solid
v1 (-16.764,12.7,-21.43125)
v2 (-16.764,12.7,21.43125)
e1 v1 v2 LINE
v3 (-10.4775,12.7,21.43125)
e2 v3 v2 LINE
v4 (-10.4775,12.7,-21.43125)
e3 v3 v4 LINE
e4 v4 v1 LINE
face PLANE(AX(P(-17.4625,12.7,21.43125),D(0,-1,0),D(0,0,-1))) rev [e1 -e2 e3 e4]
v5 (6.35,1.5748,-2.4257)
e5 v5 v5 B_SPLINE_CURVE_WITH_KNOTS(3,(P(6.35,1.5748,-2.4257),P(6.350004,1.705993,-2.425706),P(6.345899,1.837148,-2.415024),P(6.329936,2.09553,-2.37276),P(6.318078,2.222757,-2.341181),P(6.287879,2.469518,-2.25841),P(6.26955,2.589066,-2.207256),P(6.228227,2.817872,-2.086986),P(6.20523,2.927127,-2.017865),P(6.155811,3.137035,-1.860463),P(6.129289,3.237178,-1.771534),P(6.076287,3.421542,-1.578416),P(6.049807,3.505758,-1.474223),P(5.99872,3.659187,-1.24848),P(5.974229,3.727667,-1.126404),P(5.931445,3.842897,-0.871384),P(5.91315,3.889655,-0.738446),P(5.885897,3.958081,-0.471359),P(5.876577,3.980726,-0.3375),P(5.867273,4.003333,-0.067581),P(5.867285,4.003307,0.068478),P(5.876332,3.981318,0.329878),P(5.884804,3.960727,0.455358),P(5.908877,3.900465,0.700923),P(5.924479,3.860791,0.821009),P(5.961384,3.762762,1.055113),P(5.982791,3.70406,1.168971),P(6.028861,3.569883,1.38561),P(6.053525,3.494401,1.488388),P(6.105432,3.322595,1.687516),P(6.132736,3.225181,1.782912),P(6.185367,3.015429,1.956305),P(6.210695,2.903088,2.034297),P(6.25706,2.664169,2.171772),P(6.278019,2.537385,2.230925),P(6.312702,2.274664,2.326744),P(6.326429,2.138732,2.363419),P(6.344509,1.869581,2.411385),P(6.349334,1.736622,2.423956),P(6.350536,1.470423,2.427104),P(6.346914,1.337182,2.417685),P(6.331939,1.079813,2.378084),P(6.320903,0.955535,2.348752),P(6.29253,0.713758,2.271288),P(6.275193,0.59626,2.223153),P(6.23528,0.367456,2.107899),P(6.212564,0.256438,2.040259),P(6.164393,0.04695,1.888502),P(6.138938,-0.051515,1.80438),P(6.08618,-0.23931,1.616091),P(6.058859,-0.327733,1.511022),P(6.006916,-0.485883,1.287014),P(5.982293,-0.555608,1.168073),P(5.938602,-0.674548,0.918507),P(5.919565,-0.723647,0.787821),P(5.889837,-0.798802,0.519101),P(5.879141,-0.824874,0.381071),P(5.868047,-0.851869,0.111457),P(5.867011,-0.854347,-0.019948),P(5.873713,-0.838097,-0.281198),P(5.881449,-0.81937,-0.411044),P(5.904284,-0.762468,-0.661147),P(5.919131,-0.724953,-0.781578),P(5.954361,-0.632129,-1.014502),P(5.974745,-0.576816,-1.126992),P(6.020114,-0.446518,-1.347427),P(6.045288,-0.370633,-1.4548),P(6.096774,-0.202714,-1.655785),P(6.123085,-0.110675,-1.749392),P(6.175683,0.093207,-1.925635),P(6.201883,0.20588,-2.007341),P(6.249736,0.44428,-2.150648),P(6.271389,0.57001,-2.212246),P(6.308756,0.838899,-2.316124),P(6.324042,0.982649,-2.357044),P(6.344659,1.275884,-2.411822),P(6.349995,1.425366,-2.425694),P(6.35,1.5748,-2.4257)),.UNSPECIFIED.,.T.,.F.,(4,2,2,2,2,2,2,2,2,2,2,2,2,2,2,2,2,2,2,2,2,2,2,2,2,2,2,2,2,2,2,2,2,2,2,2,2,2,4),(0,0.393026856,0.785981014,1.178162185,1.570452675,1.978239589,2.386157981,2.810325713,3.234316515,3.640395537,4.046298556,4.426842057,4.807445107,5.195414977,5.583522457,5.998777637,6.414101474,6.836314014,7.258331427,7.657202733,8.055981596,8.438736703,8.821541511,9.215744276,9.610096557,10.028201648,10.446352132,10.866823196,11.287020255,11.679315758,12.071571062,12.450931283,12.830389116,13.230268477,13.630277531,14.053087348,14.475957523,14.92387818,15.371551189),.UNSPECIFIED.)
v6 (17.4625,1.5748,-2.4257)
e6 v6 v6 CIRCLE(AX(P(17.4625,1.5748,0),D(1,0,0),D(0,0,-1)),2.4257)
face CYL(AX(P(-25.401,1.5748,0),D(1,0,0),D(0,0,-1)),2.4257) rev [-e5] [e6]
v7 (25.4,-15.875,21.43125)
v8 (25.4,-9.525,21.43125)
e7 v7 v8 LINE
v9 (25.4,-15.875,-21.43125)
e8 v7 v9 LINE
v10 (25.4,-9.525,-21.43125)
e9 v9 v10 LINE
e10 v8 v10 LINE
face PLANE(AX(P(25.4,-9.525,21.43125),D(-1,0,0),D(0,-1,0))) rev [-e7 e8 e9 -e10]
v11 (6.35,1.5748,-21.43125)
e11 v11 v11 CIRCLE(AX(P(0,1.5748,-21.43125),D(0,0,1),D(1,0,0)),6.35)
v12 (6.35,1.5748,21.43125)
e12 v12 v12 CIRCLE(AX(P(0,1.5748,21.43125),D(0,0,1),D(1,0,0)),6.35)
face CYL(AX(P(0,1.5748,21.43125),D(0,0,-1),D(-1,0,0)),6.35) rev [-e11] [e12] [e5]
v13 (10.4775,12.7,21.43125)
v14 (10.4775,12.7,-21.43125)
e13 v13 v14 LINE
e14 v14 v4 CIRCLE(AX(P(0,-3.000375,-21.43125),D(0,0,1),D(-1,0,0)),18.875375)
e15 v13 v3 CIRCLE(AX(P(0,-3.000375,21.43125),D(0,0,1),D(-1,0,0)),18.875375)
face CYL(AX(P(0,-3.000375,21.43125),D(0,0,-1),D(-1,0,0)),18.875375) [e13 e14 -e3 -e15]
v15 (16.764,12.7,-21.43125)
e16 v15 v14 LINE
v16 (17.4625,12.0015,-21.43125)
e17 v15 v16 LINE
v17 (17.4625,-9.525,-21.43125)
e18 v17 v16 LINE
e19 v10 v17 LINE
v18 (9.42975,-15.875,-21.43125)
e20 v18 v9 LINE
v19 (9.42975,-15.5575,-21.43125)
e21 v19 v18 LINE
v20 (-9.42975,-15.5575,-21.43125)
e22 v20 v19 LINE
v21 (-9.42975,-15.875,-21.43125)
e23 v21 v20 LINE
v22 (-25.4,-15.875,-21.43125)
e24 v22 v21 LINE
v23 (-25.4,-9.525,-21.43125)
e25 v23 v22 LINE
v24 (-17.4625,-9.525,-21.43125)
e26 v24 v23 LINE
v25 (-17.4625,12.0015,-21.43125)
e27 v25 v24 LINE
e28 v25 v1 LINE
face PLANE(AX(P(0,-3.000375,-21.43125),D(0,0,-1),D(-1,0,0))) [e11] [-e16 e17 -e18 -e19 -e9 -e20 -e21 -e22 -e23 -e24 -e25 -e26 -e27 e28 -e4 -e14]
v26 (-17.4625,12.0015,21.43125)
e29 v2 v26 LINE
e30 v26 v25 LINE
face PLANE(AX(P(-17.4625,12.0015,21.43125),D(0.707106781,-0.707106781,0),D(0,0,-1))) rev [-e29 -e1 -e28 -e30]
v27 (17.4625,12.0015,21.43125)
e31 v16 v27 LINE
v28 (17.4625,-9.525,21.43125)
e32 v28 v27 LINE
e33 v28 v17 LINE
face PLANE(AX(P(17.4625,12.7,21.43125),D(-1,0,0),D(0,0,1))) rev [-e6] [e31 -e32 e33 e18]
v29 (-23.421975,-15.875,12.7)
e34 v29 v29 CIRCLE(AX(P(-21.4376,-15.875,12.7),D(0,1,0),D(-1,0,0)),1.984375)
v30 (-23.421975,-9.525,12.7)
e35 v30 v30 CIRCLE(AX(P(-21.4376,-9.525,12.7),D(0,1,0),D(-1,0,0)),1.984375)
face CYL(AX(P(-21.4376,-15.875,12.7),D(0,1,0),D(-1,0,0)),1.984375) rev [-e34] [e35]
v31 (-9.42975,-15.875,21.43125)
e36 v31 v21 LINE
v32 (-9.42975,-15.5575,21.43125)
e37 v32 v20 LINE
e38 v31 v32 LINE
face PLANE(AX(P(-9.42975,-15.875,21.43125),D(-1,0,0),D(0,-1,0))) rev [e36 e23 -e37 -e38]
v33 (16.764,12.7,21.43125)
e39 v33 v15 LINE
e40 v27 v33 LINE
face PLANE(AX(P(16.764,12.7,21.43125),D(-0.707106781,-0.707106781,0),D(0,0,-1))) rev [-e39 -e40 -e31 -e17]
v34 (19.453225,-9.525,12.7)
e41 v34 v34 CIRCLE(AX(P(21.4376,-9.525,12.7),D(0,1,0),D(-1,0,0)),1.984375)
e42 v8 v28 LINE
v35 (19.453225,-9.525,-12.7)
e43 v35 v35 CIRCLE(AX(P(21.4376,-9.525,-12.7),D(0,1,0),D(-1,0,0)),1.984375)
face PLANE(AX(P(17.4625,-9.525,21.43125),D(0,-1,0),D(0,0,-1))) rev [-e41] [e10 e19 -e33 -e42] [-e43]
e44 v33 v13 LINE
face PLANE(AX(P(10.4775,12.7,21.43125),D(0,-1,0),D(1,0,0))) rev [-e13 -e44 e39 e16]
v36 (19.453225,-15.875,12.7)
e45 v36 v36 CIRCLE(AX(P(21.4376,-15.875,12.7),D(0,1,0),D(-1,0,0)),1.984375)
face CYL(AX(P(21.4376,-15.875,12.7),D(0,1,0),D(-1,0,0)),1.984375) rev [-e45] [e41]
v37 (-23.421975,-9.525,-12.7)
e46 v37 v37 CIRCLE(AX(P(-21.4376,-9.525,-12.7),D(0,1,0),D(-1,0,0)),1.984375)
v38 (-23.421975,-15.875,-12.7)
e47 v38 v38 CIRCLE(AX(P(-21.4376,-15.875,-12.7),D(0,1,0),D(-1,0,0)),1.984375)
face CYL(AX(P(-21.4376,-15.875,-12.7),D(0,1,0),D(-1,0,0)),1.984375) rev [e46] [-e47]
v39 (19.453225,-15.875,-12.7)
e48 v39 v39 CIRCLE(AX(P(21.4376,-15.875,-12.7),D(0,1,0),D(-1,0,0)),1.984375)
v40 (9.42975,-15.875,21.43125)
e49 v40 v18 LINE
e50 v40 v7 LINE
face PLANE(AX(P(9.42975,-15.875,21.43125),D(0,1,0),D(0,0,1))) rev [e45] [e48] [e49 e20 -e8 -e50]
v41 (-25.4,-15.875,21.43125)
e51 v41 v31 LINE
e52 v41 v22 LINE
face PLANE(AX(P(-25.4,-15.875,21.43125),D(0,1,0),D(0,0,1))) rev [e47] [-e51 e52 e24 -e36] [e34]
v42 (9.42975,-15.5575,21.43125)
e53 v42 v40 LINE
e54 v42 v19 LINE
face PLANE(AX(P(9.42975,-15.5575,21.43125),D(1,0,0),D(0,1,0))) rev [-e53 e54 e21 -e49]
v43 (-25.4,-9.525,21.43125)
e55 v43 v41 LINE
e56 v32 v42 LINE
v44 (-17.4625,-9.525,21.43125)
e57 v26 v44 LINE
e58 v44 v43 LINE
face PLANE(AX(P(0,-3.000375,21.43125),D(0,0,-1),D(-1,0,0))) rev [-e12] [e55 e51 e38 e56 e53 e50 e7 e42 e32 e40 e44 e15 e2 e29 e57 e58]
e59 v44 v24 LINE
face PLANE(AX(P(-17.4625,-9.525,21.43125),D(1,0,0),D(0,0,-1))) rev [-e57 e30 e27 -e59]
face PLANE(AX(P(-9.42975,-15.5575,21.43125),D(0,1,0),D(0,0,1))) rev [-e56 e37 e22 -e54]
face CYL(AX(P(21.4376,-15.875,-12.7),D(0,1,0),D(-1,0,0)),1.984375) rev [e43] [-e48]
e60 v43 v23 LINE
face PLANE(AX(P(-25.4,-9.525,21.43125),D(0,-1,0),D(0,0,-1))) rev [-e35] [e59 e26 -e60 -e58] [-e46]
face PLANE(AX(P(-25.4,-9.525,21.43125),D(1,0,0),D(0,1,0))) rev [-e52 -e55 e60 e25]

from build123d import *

# Parameters (mm, degrees)
BOSS_EXTRUDE1_START     = -21.43125
SKETCH4_R               = 6.35
BOSS_EXTRUDE1_DEPTH     = 42.8625
SKETCH5_R               = 1.984375
CUT_EXTRUDE1_DEPTH      = 42.828441001
CHAMFER1_SIZE           = 0.6985
CUT_EXTRUDE3_REACH      = 52.483
CUT_EXTRUDE3_END_RADIUS = 6.35
SKETCH7_R               = 2.4257


with BuildPart() as part:
    # Sketch4 → Boss-Extrude1 (new body)
    with BuildSketch(Plane.XY.offset(BOSS_EXTRUDE1_START)):
        with BuildLine():
            Line((-25.4, -9.525), (-17.4625, -9.525))
            Line((-17.4625, -9.525), (-17.4625, 12.7))
            Line((-17.4625, 12.7), (-10.4775, 12.7))
            ThreePointArc((-10.4775, 12.7), (0, 15.875), (10.4775, 12.7))
            Line((10.4775, 12.7), (17.4625, 12.7))
            Line((17.4625, 12.7), (17.4625, -9.525))
            Line((17.4625, -9.525), (25.4, -9.525))
            Line((25.4, -9.525), (25.4, -15.875))
            Line((25.4, -15.875), (9.42975, -15.875))
            Line((9.42975, -15.875), (9.42975, -15.5575))
            Line((9.42975, -15.5575), (-9.42975, -15.5575))
            Line((-9.42975, -15.5575), (-9.42975, -15.875))
            Line((-9.42975, -15.875), (-25.4, -15.875))
            Line((-25.4, -15.875), (-25.4, -9.525))
        make_face()
        with Locations((0, 1.5748)):
            Circle(SKETCH4_R, mode=Mode.SUBTRACT)
    extrude(amount=BOSS_EXTRUDE1_DEPTH)

    # Sketch5 → Cut-Extrude1 (cut, through all)
    with BuildSketch(Plane(origin=(0, -9.525, 0), x_dir=(1, 0, 0), z_dir=(0, 1, 0))):
        with Locations(Location((-21.4376, 12.7, 0), (0, 0, 180))):
            Circle(SKETCH5_R)
        with Locations(Location((21.4376, 12.7, 0), (0, 0, 180))):
            Circle(SKETCH5_R)
        with Locations(Location((21.4376, -12.7, 0), (0, 0, 180))):
            Circle(SKETCH5_R)
        with Locations(Location((-21.4376, -12.7, 0), (0, 0, 180))):
            Circle(SKETCH5_R)
    extrude(amount=-CUT_EXTRUDE1_DEPTH, mode=Mode.SUBTRACT)

    # Chamfer1
    chamfer1_edges = [part.edges().sort_by_distance(p)[0] for p in [
        (-17.4625, 12.7, 0),
        (17.4625, 12.7, 0),
    ]]
    chamfer(chamfer1_edges, length=CHAMFER1_SIZE)

    # Cut-Extrude3: up to this cylinder (the profile starts outside it)
    cut_extrude3_end = Plane(origin=(0, 1.5748, 0), z_dir=(0, 0, -1)) * Cylinder(CUT_EXTRUDE3_END_RADIUS, 118.666, mode=Mode.PRIVATE)
    # Sketch7 → Cut-Extrude3 (cut, up to the surface)
    with BuildSketch(Plane(origin=(17.4625, 0, 0), x_dir=(0, 0, -1), z_dir=(1, 0, 0)), mode=Mode.PRIVATE) as cut_extrude3_sk1:
        with Locations((0, 1.5748)):
            Circle(SKETCH7_R)
    cut_extrude3_tool1 = extrude(cut_extrude3_sk1.sketch, amount=-CUT_EXTRUDE3_REACH, mode=Mode.PRIVATE) - cut_extrude3_end
    add(cut_extrude3_tool1.solids().sort_by_distance((17.4625, 1.5748, 0))[0], mode=Mode.SUBTRACT)


solid = part.part
